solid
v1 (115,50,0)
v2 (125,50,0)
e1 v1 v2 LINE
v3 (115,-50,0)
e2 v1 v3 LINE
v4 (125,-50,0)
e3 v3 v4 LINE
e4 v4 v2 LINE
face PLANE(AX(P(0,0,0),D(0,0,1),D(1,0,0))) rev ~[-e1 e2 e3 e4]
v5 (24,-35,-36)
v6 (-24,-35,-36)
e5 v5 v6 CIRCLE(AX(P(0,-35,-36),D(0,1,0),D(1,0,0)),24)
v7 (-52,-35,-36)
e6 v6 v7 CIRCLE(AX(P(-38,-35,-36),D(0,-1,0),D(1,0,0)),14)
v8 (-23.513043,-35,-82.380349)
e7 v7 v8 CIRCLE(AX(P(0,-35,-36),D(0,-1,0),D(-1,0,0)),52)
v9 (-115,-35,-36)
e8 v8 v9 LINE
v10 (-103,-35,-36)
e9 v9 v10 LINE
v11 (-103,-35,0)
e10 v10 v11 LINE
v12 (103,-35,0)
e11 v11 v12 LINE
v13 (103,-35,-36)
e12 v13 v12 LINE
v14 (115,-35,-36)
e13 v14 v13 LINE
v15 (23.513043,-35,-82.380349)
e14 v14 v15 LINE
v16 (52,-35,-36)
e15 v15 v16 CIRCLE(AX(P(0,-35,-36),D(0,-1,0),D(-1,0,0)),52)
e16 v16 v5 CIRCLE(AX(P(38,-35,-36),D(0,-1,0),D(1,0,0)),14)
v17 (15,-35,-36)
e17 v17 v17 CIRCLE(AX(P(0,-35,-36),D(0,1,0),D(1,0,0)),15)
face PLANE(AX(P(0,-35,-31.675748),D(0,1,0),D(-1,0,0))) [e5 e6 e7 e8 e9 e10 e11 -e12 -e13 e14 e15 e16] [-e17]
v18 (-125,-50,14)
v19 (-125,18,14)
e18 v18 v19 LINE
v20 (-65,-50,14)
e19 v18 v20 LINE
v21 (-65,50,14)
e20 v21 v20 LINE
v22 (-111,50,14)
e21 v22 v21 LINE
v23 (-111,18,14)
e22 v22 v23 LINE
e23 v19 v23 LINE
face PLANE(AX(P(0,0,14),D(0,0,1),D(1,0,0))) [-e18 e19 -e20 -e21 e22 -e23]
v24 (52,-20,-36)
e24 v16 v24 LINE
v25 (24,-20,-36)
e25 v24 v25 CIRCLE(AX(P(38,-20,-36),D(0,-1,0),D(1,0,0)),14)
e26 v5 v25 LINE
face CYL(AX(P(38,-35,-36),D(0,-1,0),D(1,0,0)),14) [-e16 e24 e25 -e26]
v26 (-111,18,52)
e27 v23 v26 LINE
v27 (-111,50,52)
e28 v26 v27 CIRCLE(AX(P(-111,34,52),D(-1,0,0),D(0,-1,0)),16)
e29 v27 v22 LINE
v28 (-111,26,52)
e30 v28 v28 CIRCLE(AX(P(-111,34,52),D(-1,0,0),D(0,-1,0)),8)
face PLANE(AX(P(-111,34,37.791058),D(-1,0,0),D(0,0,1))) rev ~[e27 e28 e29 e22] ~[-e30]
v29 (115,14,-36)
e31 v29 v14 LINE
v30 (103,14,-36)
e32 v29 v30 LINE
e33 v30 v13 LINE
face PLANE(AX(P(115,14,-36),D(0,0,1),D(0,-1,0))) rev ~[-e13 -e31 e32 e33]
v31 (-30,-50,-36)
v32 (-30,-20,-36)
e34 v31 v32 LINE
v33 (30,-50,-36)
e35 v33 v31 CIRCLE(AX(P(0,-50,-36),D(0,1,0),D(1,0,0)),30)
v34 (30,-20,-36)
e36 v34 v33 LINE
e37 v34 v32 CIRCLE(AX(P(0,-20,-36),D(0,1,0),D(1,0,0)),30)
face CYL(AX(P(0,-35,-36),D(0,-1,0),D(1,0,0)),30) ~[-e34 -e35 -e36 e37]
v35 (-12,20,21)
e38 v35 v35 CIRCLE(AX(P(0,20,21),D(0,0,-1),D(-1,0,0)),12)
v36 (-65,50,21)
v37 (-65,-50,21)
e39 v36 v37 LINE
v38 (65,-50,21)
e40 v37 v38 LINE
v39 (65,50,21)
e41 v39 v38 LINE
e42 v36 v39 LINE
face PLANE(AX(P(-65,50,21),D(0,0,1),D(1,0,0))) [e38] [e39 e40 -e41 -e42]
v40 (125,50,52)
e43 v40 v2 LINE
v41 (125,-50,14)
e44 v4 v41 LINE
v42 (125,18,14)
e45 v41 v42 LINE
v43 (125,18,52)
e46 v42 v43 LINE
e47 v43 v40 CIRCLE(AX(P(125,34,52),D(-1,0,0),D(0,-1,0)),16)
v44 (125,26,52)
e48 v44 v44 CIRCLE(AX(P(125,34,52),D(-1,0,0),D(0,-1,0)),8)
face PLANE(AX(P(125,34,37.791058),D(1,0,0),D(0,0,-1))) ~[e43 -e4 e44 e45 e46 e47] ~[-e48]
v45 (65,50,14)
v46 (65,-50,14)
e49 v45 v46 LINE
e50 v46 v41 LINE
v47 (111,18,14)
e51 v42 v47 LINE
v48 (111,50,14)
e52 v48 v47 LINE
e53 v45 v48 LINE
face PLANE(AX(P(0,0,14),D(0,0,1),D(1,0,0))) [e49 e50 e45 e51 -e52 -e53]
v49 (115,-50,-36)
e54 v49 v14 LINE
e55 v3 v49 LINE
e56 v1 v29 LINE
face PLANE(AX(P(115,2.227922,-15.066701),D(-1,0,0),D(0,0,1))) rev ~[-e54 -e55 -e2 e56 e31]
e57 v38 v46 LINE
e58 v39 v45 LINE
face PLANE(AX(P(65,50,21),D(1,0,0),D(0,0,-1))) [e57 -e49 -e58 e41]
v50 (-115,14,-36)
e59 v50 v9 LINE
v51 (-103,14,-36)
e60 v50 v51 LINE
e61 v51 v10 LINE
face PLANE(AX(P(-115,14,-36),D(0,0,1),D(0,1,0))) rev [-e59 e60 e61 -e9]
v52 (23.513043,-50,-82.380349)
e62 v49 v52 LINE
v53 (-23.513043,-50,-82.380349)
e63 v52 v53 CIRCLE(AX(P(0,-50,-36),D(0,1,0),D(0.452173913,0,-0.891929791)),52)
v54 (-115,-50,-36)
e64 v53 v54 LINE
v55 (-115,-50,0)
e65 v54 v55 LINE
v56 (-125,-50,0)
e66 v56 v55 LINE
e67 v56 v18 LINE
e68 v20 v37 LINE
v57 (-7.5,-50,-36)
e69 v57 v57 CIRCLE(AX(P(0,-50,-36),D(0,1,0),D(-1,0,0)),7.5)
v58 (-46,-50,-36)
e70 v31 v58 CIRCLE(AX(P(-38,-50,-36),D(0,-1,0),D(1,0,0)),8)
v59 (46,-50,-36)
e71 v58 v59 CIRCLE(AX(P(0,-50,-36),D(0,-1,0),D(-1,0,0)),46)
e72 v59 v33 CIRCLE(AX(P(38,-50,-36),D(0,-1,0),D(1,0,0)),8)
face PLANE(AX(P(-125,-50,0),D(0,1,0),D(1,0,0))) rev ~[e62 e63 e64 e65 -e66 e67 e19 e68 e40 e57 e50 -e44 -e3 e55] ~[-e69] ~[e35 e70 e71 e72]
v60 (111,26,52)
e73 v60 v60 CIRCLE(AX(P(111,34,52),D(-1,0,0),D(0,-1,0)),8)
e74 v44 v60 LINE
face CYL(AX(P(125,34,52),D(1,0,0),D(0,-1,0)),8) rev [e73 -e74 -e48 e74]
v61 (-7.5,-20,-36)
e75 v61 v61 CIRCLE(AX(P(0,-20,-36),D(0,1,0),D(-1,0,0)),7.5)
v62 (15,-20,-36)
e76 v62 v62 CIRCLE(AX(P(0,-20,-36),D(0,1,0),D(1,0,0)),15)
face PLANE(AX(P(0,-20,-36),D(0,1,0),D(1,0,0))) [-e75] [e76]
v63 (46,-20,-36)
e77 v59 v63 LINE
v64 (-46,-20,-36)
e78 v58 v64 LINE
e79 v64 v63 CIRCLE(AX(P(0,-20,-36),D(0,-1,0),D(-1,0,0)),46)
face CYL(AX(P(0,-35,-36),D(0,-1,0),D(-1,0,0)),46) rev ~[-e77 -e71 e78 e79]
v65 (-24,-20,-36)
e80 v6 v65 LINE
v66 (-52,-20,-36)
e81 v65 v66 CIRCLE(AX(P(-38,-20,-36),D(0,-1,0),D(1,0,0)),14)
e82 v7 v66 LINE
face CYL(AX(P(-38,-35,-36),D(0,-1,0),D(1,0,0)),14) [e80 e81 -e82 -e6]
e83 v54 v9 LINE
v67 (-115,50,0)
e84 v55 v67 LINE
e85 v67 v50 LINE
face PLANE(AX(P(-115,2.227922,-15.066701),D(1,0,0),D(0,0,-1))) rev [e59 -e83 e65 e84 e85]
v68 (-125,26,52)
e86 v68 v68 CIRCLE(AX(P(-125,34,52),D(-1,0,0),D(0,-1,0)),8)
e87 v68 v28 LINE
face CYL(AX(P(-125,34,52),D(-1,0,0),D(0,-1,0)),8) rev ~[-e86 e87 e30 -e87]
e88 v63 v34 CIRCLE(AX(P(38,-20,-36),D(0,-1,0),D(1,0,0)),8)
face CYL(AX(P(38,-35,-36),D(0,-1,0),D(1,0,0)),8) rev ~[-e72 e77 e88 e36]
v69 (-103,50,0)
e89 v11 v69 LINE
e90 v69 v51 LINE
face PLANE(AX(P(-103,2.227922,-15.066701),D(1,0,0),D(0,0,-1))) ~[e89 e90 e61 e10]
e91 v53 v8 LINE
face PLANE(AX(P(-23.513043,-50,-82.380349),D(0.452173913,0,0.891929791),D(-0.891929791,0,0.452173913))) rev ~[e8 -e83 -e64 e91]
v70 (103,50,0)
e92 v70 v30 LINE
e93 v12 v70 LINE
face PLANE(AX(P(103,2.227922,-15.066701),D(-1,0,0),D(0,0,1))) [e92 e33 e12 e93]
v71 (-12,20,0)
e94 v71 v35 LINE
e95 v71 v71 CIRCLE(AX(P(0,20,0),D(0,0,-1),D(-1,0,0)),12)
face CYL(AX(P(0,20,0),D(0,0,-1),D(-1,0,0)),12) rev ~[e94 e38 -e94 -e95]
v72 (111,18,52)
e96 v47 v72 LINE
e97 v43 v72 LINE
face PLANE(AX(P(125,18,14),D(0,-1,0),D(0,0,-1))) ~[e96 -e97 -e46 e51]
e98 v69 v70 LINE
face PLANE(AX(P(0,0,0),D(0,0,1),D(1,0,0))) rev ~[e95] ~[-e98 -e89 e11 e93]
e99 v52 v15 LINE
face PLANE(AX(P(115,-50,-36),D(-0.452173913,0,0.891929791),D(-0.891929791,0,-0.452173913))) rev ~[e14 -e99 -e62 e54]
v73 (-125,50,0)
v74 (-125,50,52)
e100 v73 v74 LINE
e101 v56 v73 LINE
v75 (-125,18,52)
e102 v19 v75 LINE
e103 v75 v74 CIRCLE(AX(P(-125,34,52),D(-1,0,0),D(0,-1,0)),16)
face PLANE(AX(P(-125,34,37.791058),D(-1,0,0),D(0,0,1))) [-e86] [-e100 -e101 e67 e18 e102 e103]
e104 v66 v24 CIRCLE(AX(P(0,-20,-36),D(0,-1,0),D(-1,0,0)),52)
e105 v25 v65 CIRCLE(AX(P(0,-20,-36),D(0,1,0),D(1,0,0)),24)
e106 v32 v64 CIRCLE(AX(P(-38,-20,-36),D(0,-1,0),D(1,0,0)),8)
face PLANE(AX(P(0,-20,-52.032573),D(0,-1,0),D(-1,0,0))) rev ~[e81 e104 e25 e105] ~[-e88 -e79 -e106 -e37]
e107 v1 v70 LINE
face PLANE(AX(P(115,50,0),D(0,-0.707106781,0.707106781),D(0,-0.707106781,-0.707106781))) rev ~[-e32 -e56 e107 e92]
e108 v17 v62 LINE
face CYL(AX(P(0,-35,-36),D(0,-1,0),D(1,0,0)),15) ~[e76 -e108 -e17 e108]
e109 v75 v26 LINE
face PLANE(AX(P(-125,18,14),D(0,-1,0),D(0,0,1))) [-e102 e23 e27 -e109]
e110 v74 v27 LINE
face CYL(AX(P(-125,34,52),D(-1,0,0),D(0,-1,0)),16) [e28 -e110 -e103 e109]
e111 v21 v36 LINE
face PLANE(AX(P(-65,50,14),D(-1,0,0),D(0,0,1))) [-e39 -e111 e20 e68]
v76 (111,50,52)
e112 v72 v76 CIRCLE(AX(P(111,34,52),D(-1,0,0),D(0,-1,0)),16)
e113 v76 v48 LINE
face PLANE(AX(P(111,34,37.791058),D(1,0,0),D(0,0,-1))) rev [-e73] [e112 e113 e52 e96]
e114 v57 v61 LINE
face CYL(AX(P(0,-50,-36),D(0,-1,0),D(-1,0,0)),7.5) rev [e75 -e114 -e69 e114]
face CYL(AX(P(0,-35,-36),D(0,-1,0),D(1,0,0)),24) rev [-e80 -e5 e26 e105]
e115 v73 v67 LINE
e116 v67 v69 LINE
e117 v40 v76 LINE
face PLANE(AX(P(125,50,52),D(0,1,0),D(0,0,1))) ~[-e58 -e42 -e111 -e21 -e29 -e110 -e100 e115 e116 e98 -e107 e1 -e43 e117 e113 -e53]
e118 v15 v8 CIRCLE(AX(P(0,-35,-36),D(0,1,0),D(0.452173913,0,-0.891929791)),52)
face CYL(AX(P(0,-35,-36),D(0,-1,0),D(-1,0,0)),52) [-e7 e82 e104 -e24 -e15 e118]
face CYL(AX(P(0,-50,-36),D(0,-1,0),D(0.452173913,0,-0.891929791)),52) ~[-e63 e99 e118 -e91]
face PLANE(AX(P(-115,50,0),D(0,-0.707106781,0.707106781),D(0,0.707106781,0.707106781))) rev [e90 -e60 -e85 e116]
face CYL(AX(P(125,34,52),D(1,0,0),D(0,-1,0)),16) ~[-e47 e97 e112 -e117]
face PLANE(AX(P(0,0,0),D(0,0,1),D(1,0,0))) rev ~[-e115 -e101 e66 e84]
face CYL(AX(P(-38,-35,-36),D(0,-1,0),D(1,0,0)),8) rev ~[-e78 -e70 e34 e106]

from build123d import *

# Parameters (mm, degrees)
SKETCH1_W           = 250
SKETCH1_H           = 100
BOSS_EXTRUDE1_DEPTH = 14
BOSS_EXTRUDE2_DEPTH = 100
SKETCH7_R           = 8
BOSS_EXTRUDE3_DEPTH = 14
SKETCH8_R           = 12
CUT_EXTRUDE1_DEPTH  = 25
BOSS_EXTRUDE4_DEPTH = 15
BOSS_EXTRUDE5_DEPTH = 12
SKETCH13_R          = 15
SKETCH13_R_2        = 7.5
BOSS_EXTRUDE6_DEPTH = 15
CUT_EXTRUDE2_START  = -15
SKETCH14_R          = 7.5
CUT_EXTRUDE2_DEPTH  = 15


with BuildPart() as part:
    # Sketch1 → Boss-Extrude1 (new body)
    with BuildSketch(Plane.XY):
        Rectangle(SKETCH1_W, SKETCH1_H)
    extrude(amount=BOSS_EXTRUDE1_DEPTH)

    # Sketch2 → Boss-Extrude2 (add)
    with BuildSketch(Plane(origin=(0, 50, 0), x_dir=(1, 0, 0), z_dir=(0, 1, 0))):
        Polygon((0, -14), (-65, -14), (-65, -21), (65, -21), (65, -14), align=None)
    extrude(amount=-BOSS_EXTRUDE2_DEPTH)

    # Sketch7 → Boss-Extrude3 (add)
    with BuildSketch(Plane.ZY.offset(125)):
        with BuildLine():
            Line((14, 50), (14, 18))
            Line((14, 18), (52, 18))
            ThreePointArc((52, 18), (68, 34), (52, 50))
            Line((52, 50), (14, 50))
        make_face()
        with Locations(Location((52, 34, 0), (0, 0, 270))):
            Circle(SKETCH7_R, mode=Mode.SUBTRACT)
    boss_extrude3 = extrude(amount=-BOSS_EXTRUDE3_DEPTH)

    # Mirror1: Boss-Extrude3 across plane
    add(boss_extrude3.mirror(Plane(origin=(0, 0, 0), x_dir=(0, 0, 1), z_dir=(1, 0, 0))))

    # Sketch8 → Cut-Extrude1 (cut)
    with BuildSketch(Plane(origin=(0, 0, 0), x_dir=(-1, 0, 0), z_dir=(0, 0, -1))):
        with Locations((0, 20)):
            Circle(SKETCH8_R)
    extrude(amount=-CUT_EXTRUDE1_DEPTH, mode=Mode.SUBTRACT)



with BuildPart() as body_2:
    # Sketch10 → Boss-Extrude4 (new body)
    with BuildSketch(Plane.XZ.offset(50)):
        with BuildLine():
            Line((115, 0), (115, -36))
            Line((115, -36), (23.513043478, -82.38034914))
            ThreePointArc((23.513043478, -82.38034914), (0, -88), (-23.513043478, -82.38034914))
            Line((-23.513043478, -82.38034914), (-115, -36))
            Line((-115, -36), (-115, 0))
            Line((-115, 0), (115, 0))
        make_face()
    extrude(amount=-BOSS_EXTRUDE4_DEPTH)


with BuildPart() as part_1:
    add(part.part)

    add(body_2.part)  # Boss-Extrude5 merges body 2
    # Sketch12 → Boss-Extrude5 (add)
    with BuildSketch(Plane(origin=(115, 0, 0), x_dir=(0, 0, -1), z_dir=(1, 0, 0))):
        Polygon((0, -35), (0, 50), (36, 14), (36, -35), align=None)
    boss_extrude5 = extrude(amount=-BOSS_EXTRUDE5_DEPTH)

    # Mirror2: Boss-Extrude5 across plane
    add(boss_extrude5.mirror(Plane(origin=(0, 0, 0), x_dir=(0, 0, 1), z_dir=(1, 0, 0))))

    # Sketch13 → Boss-Extrude6 (add)
    # profile 1 of 2: a face of its own
    with BuildSketch(Plane(origin=(0, -35, 0), x_dir=(1, 0, 0), z_dir=(0, 1, 0))):
        with Locations((0, 36)):
            Circle(SKETCH13_R)
        with Locations(Location((0, 36, 0), (0, 0, 180))):
            Circle(SKETCH13_R_2, mode=Mode.SUBTRACT)
    # profile 2 of 2: a face of its own
    with BuildSketch(Plane(origin=(0, -35, 0), x_dir=(1, 0, 0), z_dir=(0, 1, 0))):
        with BuildLine():
            ThreePointArc((24, 36), (0, 60), (-24, 36))
            ThreePointArc((-24, 36), (-38, 22), (-52, 36))
            ThreePointArc((-52, 36), (0, 88), (52, 36))
            ThreePointArc((52, 36), (38, 22), (24, 36))
        make_face()
        with BuildLine():
            ThreePointArc((30, 36), (0, 66), (-30, 36))
            ThreePointArc((-30, 36), (-38, 28), (-46, 36))
            ThreePointArc((-46, 36), (0, 82), (46, 36))
            ThreePointArc((46, 36), (38, 28), (30, 36))
        make_face(mode=Mode.SUBTRACT)
    extrude(amount=BOSS_EXTRUDE6_DEPTH)

    # Sketch14 → Cut-Extrude2 (cut)
    with BuildSketch(Plane(origin=(0, -35, 0), x_dir=(1, 0, 0), z_dir=(0, 1, 0)).offset(CUT_EXTRUDE2_START)):
        with Locations(Location((0, 36, 0), (0, 0, 180))):
            Circle(SKETCH14_R)
        with BuildLine():
            ThreePointArc((30, 36), (0, 66), (-30, 36))
            ThreePointArc((-30, 36), (-38, 28), (-46, 36))
            ThreePointArc((-46, 36), (0, 82), (46, 36))
            ThreePointArc((46, 36), (38, 28), (30, 36))
        make_face()
    extrude(amount=CUT_EXTRUDE2_DEPTH, mode=Mode.SUBTRACT)


solid = part_1.part
